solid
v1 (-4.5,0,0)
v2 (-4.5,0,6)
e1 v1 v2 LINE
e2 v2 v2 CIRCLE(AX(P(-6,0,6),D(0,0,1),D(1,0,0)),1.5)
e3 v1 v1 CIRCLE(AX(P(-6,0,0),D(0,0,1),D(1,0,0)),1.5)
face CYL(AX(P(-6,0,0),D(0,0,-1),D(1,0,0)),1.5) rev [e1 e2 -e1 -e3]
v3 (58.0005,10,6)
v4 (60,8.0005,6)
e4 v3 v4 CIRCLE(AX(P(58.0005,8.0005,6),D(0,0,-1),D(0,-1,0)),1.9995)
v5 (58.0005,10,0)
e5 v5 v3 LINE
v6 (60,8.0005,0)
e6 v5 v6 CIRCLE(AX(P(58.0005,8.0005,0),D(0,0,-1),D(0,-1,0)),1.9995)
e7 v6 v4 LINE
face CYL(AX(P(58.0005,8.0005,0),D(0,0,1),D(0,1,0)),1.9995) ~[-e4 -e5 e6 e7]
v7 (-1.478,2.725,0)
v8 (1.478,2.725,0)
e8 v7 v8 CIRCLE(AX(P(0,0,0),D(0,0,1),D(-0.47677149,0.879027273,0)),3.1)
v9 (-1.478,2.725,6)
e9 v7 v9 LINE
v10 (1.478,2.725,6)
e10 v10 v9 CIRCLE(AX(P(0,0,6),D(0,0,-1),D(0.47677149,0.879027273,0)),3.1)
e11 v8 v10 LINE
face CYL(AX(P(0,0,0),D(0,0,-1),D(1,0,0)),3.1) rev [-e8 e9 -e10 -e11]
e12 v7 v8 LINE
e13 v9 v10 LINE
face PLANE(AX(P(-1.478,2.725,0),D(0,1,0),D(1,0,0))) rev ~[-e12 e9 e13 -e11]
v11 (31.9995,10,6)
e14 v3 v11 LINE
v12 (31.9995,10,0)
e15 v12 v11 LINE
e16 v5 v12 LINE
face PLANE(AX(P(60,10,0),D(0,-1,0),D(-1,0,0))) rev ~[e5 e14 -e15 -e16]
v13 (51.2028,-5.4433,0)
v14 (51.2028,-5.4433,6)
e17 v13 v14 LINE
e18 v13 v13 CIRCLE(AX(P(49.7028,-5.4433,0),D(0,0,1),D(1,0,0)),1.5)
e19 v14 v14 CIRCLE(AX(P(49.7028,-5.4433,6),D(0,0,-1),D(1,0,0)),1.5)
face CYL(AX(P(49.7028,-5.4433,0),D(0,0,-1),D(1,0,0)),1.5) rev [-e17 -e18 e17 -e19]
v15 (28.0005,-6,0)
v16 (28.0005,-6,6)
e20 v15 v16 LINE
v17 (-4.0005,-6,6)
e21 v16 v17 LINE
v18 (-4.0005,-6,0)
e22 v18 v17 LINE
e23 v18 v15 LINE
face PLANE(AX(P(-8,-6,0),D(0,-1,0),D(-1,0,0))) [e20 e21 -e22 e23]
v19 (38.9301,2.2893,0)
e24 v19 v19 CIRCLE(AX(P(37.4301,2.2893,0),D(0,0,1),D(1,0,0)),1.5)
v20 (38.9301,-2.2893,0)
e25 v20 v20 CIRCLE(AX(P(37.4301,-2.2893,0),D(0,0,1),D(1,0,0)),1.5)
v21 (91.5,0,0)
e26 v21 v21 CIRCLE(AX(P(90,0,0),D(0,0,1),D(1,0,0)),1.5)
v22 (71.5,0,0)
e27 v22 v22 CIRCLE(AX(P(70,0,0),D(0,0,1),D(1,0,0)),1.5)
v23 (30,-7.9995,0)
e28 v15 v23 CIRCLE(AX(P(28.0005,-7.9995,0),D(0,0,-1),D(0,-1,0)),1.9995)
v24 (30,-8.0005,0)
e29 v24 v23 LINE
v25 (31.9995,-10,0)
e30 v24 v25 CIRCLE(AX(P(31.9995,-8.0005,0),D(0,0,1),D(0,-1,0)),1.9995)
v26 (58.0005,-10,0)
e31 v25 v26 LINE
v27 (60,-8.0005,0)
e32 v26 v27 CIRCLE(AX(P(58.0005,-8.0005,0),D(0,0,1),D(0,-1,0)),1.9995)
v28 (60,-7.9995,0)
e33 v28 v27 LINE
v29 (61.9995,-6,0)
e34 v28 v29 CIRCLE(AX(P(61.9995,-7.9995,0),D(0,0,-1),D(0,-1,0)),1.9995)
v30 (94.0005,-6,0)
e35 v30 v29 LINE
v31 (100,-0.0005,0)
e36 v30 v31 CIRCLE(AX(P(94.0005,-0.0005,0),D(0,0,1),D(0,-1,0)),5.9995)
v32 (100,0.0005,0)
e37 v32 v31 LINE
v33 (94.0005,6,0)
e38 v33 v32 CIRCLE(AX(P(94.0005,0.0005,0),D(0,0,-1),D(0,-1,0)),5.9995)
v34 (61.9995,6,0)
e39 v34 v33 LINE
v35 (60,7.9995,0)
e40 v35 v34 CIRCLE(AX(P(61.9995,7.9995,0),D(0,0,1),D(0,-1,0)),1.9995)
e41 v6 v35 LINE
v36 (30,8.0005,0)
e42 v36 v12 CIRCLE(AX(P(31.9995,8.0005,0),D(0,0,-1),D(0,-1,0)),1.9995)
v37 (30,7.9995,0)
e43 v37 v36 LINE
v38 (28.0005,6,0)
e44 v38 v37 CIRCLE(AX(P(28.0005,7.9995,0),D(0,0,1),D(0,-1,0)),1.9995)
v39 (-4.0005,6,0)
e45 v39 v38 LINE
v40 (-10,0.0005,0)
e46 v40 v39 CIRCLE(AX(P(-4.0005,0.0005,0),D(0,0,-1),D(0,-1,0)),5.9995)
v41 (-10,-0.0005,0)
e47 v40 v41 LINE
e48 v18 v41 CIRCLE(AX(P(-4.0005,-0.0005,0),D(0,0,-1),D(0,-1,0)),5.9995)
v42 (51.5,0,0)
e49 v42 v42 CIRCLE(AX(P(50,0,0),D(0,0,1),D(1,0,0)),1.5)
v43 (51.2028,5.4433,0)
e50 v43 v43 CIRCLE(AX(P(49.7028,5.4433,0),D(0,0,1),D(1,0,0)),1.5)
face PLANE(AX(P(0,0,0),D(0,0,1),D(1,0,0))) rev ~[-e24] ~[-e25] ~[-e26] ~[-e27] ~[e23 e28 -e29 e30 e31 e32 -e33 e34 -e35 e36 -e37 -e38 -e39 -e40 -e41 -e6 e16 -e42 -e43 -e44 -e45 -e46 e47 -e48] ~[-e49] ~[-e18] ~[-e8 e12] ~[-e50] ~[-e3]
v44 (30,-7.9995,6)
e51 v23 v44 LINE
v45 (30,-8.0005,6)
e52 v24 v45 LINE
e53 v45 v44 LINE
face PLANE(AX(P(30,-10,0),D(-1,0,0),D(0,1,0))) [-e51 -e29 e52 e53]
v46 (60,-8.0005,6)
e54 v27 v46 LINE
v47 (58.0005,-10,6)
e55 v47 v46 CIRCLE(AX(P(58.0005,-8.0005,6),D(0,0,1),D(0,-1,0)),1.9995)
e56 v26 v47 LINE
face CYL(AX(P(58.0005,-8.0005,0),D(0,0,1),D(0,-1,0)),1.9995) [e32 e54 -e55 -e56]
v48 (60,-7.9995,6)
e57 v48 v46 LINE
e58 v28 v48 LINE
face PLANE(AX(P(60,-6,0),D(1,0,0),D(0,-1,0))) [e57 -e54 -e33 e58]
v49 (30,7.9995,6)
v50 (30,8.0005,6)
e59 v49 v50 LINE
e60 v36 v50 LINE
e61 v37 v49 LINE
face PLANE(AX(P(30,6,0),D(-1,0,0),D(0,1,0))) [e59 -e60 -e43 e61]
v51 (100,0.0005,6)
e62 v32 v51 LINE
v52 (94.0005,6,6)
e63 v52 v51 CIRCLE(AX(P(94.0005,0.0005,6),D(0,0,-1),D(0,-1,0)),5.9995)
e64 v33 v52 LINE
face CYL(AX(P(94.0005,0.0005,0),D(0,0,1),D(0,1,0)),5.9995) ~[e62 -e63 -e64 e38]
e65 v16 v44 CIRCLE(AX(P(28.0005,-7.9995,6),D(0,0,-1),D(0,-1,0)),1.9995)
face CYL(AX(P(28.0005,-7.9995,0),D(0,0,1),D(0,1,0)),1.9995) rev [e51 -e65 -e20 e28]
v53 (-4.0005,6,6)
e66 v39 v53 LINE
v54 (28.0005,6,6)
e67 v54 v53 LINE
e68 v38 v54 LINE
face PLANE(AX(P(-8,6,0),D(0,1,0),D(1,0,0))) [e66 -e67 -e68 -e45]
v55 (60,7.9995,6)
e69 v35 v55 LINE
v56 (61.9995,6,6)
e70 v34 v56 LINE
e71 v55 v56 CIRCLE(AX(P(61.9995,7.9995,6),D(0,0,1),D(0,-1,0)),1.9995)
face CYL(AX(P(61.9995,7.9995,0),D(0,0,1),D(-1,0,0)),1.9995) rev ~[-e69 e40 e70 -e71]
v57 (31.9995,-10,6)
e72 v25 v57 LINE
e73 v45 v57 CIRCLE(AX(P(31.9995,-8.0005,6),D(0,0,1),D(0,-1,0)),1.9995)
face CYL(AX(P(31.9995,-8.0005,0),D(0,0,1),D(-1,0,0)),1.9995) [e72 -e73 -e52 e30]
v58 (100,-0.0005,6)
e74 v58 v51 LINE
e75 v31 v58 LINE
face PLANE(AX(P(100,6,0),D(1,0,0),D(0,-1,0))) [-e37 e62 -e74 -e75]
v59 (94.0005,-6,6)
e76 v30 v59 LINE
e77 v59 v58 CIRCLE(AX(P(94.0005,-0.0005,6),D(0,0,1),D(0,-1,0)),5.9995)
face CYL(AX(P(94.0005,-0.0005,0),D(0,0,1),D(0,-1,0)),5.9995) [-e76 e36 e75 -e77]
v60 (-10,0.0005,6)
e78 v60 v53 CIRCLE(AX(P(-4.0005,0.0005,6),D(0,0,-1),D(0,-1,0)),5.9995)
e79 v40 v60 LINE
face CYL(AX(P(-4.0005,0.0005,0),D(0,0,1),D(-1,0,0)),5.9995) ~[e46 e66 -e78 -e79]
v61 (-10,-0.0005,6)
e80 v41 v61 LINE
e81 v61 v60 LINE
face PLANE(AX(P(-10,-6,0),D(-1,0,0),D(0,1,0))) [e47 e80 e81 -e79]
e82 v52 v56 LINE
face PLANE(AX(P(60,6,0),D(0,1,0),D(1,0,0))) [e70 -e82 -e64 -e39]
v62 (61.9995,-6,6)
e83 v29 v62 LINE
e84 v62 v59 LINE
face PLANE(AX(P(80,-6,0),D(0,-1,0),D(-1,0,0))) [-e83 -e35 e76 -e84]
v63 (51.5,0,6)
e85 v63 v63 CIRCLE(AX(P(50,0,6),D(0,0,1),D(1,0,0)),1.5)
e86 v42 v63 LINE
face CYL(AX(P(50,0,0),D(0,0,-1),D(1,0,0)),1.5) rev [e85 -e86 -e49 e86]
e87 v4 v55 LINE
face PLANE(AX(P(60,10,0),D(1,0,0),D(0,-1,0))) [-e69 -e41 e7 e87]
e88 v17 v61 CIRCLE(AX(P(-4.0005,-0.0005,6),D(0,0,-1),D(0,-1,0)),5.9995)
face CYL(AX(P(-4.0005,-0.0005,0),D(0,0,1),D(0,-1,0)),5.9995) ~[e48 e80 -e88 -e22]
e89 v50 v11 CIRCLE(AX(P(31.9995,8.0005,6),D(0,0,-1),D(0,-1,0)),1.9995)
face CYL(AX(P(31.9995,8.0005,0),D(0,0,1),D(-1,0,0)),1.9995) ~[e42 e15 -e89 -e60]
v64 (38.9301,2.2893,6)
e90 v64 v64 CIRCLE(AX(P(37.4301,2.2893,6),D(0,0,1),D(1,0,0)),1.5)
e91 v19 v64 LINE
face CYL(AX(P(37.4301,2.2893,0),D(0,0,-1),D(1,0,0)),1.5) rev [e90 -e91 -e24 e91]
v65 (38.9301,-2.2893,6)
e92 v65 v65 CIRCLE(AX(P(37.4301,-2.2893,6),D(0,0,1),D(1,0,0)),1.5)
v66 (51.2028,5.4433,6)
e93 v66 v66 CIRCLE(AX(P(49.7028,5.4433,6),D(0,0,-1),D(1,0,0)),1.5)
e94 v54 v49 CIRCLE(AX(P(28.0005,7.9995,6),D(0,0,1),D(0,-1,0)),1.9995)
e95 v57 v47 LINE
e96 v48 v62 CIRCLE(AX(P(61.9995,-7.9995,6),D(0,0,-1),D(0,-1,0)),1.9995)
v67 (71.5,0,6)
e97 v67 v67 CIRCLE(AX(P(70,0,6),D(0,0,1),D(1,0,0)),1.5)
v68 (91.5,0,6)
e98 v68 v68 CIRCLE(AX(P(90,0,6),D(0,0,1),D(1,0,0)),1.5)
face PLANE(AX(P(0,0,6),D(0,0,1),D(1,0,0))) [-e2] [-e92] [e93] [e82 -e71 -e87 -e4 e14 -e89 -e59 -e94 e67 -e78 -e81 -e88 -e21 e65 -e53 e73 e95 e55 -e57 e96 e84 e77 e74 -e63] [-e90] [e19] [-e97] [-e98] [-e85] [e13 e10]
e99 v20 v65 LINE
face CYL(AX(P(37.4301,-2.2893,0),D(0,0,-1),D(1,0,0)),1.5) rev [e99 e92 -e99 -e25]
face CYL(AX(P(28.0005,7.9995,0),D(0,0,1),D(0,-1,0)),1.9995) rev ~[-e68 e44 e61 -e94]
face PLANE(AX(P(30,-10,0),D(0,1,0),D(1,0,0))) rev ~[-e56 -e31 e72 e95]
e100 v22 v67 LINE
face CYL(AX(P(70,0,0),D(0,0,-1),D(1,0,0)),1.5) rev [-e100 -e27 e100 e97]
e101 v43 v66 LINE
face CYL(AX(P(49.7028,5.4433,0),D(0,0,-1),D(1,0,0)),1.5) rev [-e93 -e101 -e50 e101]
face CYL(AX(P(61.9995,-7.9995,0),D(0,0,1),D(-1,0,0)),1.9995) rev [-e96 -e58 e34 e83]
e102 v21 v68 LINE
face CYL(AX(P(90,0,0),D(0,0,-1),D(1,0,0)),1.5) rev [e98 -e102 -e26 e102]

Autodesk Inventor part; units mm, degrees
ref_plane "YZ Plane" through (0, 0, 0) normal (1, 0, 0) x (0, 1, 0)
ref_plane "XZ Plane" through (0, 0, 0) normal (0, 1, 0) x (-1, 0, 0)
ref_plane "XY Plane" through (0, 0, 0) normal (0, 0, 1) x (1, 0, 0)
sketch "Sketch1" plane through (0, 0, 0) normal (0, 0, 1) x (1, 0, 0)
  line L0 (0, 0) -> (90, 0) construction
  line L1 (0, -10) -> (90, -10)
  line L2 (90, 10) -> (0, 10)
  arc A0 (0, 10) -> (0, -10) centre (0, 0) ccw
  arc A1 (90, -10) -> (90, 10) centre (90, 0) ccw
  line L3 (0, 0) -> (90, 0) construction
  circle A2 centre (0, 0) radius 3.1
  circle A3 centre (-6, 0) radius 1.5
  circle A4 centre (0, 0) radius 37.5 construction
  circle A5 centre (0, 0) radius 50 construction
  circle A6 centre (37.4301, 2.2893) radius 1.5
  circle A7 centre (37.4301, -2.2893) radius 1.5
  circle A8 centre (50, 0) radius 1.5
  circle A9 centre (49.7028, 5.4433) radius 1.5
  circle A10 centre (49.7028, -5.4433) radius 1.5
  line L4 (37.4301, 2.2893) -> (0, 0) construction
  line L5 (0, 0) -> (49.7028, 5.4433) construction
  line L6 (37.4301, -2.2893) -> (0, 0) construction
  line L7 (49.7028, -5.4433) -> (0, 0) construction
  circle A11 centre (90, 0) radius 1.5
  line L8 (-10, 10) -> (10, 10)
  line L9 (10, 10) -> (10, -10)
  line L10 (10, -10) -> (-10, -10)
  line L11 (-10, -10) -> (-10, 10)
  line L12 (-10, 10) -> (10, -10) construction
  line L13 (10, 10) -> (-10, -10) construction
  line L14 (80, 10) -> (100, 10)
  line L15 (100, 10) -> (100, -10)
  line L16 (100, -10) -> (80, -10)
  line L17 (80, -10) -> (80, 10)
  line L18 (80, 10) -> (100, -10) construction
  line L19 (100, 10) -> (80, -10) construction
  line L20 (30, 10) -> (60, 10)
  line L21 (60, 10) -> (60, -10)
  line L22 (60, -10) -> (30, -10)
  line L23 (30, -10) -> (30, 10)
  line L24 (30, 10) -> (60, -10) construction
  line L25 (60, 10) -> (30, -10) construction
  line L26 (-10, 6) -> (100, 6)
  line L27 (100, 6) -> (100, -6)
  line L28 (100, -6) -> (-10, -6)
  line L29 (-10, -6) -> (-10, 6)
  line L30 (-10, 6) -> (100, -6) construction
  line L31 (100, 6) -> (-10, -6) construction
  line L32 (-1.478, 2.725) -> (1.478, 2.725)
  circle A12 centre (70, 0) radius 1.5
  point P0 (45, 0)
  point P1 (30, 6)
  point P2 (30, -6)
  point P3 (60, -6)
  point P4 (60, 6)
  dimension "d0" = 90
  dimension "d1" = 0
  dimension "d2" = 20
  dimension "d4" = 6.2
  dimension "d5" = 3
  dimension "d6" = 6
  dimension "d7" = 0
  dimension "d8" = 75
  dimension "d9" = 100
  dimension "d10" = 3
  dimension "d11" = 3
  dimension "d12" = 3
  dimension "d13" = 3
  dimension "d14" = 3
  dimension "d15" = 3.5
  dimension "d16" = 3.5
  dimension "d17" = 6.25
  dimension "d18" = 6.25
  dimension "d19" = 3
  dimension "d22" = 20
  dimension "d23" = 20
  dimension "d24" = 20
  dimension "d25" = 20
  dimension "d26" = 30
  dimension "d27" = 20
  dimension "d28" = 12
  dimension "d31" = 2.725
  dimension "d32" = 3
  dimension "d33" = 20
  dimension "d34" = 0
extrude "Extrusion1" add sketch "Sketch1" along normal blind 6 contours L28 L11 A0 | A0 L26 L9 L28 | L23 L28 A10 L21 L1 | L9 L26 L23 L28 | L11 L26 A0 | L23 L26 A9 L21 L28 A10 | L21 L26 L17 L28 | L23 L2 L21 L26 A9 | L17 L26 A1 L28 | A1 L15 L28 | A1 L26 L15 | L32 A2 picked at (0.2541, 2.8183)
fillet "Fillet1" radius 2 8 edges at (30, 6, 3) (30, 10, 3) (60, 10, 3) (60, 6, 3) (60, -6, 3) (60, -10, 3) (30, -10, 3) (30, -6, 3)
fillet "Fillet1" radius 6 4 edges at (-10, -6, 3) (-10, 6, 3) (100, -6, 3) (100, 6, 3)
sketch "Sketch2" plane through (0, 0, 6) normal (0, 0, 1) x (1, 0, 0)
  arc A0 (94, -6) -> (94, 6) centre (94, 0) ccw projected
  line L0 (94, 6) -> (62, 6) projected
  arc A1 (60, 8) -> (62, 6) centre (62, 8) ccw projected
  arc A2 (60, 8) -> (58, 10) centre (58, 8) ccw projected
  line L1 (58, 10) -> (32, 10) projected
  arc A3 (32, 10) -> (30, 8) centre (32, 8) ccw projected
  arc A4 (28, 6) -> (30, 8) centre (28, 8) ccw projected
  line L2 (28, 6) -> (-4, 6) projected
  arc A5 (-4, 6) -> (-4, -6) centre (-4, 0) ccw projected
  line L3 (-4, -6) -> (28, -6) projected
  arc A6 (30, -8) -> (28, -6) centre (28, -8) ccw projected
  arc A7 (30, -8) -> (32, -10) centre (32, -8) ccw projected
  line L4 (32, -10) -> (58, -10) projected
  arc A8 (58, -10) -> (60, -8) centre (58, -8) ccw projected
  arc A9 (62, -6) -> (60, -8) centre (62, -8) ccw projected
  line L5 (62, -6) -> (94, -6) projected
  circle A10 centre (90, 0) radius 1.5 projected
  circle A11 centre (70, 0) radius 1.5 projected
  circle A12 centre (49.7028, 5.4433) radius 1.5 projected
  circle A13 centre (50, 0) radius 1.5 projected
  circle A14 centre (37.4301, -2.2893) radius 1.5 projected
  circle A15 centre (37.4301, 2.2893) radius 1.5 projected
  circle A16 centre (-6, 0) radius 1.5 projected
  circle A17 centre (49.7028, -5.4433) radius 1.5 projected
  line L6 (-1.478, 2.725) -> (1.478, 2.725) projected
  arc A18 (-1.478, 2.725) -> (1.478, 2.725) centre (0, 0) ccw projected
properties part number "Arm1_3D"
